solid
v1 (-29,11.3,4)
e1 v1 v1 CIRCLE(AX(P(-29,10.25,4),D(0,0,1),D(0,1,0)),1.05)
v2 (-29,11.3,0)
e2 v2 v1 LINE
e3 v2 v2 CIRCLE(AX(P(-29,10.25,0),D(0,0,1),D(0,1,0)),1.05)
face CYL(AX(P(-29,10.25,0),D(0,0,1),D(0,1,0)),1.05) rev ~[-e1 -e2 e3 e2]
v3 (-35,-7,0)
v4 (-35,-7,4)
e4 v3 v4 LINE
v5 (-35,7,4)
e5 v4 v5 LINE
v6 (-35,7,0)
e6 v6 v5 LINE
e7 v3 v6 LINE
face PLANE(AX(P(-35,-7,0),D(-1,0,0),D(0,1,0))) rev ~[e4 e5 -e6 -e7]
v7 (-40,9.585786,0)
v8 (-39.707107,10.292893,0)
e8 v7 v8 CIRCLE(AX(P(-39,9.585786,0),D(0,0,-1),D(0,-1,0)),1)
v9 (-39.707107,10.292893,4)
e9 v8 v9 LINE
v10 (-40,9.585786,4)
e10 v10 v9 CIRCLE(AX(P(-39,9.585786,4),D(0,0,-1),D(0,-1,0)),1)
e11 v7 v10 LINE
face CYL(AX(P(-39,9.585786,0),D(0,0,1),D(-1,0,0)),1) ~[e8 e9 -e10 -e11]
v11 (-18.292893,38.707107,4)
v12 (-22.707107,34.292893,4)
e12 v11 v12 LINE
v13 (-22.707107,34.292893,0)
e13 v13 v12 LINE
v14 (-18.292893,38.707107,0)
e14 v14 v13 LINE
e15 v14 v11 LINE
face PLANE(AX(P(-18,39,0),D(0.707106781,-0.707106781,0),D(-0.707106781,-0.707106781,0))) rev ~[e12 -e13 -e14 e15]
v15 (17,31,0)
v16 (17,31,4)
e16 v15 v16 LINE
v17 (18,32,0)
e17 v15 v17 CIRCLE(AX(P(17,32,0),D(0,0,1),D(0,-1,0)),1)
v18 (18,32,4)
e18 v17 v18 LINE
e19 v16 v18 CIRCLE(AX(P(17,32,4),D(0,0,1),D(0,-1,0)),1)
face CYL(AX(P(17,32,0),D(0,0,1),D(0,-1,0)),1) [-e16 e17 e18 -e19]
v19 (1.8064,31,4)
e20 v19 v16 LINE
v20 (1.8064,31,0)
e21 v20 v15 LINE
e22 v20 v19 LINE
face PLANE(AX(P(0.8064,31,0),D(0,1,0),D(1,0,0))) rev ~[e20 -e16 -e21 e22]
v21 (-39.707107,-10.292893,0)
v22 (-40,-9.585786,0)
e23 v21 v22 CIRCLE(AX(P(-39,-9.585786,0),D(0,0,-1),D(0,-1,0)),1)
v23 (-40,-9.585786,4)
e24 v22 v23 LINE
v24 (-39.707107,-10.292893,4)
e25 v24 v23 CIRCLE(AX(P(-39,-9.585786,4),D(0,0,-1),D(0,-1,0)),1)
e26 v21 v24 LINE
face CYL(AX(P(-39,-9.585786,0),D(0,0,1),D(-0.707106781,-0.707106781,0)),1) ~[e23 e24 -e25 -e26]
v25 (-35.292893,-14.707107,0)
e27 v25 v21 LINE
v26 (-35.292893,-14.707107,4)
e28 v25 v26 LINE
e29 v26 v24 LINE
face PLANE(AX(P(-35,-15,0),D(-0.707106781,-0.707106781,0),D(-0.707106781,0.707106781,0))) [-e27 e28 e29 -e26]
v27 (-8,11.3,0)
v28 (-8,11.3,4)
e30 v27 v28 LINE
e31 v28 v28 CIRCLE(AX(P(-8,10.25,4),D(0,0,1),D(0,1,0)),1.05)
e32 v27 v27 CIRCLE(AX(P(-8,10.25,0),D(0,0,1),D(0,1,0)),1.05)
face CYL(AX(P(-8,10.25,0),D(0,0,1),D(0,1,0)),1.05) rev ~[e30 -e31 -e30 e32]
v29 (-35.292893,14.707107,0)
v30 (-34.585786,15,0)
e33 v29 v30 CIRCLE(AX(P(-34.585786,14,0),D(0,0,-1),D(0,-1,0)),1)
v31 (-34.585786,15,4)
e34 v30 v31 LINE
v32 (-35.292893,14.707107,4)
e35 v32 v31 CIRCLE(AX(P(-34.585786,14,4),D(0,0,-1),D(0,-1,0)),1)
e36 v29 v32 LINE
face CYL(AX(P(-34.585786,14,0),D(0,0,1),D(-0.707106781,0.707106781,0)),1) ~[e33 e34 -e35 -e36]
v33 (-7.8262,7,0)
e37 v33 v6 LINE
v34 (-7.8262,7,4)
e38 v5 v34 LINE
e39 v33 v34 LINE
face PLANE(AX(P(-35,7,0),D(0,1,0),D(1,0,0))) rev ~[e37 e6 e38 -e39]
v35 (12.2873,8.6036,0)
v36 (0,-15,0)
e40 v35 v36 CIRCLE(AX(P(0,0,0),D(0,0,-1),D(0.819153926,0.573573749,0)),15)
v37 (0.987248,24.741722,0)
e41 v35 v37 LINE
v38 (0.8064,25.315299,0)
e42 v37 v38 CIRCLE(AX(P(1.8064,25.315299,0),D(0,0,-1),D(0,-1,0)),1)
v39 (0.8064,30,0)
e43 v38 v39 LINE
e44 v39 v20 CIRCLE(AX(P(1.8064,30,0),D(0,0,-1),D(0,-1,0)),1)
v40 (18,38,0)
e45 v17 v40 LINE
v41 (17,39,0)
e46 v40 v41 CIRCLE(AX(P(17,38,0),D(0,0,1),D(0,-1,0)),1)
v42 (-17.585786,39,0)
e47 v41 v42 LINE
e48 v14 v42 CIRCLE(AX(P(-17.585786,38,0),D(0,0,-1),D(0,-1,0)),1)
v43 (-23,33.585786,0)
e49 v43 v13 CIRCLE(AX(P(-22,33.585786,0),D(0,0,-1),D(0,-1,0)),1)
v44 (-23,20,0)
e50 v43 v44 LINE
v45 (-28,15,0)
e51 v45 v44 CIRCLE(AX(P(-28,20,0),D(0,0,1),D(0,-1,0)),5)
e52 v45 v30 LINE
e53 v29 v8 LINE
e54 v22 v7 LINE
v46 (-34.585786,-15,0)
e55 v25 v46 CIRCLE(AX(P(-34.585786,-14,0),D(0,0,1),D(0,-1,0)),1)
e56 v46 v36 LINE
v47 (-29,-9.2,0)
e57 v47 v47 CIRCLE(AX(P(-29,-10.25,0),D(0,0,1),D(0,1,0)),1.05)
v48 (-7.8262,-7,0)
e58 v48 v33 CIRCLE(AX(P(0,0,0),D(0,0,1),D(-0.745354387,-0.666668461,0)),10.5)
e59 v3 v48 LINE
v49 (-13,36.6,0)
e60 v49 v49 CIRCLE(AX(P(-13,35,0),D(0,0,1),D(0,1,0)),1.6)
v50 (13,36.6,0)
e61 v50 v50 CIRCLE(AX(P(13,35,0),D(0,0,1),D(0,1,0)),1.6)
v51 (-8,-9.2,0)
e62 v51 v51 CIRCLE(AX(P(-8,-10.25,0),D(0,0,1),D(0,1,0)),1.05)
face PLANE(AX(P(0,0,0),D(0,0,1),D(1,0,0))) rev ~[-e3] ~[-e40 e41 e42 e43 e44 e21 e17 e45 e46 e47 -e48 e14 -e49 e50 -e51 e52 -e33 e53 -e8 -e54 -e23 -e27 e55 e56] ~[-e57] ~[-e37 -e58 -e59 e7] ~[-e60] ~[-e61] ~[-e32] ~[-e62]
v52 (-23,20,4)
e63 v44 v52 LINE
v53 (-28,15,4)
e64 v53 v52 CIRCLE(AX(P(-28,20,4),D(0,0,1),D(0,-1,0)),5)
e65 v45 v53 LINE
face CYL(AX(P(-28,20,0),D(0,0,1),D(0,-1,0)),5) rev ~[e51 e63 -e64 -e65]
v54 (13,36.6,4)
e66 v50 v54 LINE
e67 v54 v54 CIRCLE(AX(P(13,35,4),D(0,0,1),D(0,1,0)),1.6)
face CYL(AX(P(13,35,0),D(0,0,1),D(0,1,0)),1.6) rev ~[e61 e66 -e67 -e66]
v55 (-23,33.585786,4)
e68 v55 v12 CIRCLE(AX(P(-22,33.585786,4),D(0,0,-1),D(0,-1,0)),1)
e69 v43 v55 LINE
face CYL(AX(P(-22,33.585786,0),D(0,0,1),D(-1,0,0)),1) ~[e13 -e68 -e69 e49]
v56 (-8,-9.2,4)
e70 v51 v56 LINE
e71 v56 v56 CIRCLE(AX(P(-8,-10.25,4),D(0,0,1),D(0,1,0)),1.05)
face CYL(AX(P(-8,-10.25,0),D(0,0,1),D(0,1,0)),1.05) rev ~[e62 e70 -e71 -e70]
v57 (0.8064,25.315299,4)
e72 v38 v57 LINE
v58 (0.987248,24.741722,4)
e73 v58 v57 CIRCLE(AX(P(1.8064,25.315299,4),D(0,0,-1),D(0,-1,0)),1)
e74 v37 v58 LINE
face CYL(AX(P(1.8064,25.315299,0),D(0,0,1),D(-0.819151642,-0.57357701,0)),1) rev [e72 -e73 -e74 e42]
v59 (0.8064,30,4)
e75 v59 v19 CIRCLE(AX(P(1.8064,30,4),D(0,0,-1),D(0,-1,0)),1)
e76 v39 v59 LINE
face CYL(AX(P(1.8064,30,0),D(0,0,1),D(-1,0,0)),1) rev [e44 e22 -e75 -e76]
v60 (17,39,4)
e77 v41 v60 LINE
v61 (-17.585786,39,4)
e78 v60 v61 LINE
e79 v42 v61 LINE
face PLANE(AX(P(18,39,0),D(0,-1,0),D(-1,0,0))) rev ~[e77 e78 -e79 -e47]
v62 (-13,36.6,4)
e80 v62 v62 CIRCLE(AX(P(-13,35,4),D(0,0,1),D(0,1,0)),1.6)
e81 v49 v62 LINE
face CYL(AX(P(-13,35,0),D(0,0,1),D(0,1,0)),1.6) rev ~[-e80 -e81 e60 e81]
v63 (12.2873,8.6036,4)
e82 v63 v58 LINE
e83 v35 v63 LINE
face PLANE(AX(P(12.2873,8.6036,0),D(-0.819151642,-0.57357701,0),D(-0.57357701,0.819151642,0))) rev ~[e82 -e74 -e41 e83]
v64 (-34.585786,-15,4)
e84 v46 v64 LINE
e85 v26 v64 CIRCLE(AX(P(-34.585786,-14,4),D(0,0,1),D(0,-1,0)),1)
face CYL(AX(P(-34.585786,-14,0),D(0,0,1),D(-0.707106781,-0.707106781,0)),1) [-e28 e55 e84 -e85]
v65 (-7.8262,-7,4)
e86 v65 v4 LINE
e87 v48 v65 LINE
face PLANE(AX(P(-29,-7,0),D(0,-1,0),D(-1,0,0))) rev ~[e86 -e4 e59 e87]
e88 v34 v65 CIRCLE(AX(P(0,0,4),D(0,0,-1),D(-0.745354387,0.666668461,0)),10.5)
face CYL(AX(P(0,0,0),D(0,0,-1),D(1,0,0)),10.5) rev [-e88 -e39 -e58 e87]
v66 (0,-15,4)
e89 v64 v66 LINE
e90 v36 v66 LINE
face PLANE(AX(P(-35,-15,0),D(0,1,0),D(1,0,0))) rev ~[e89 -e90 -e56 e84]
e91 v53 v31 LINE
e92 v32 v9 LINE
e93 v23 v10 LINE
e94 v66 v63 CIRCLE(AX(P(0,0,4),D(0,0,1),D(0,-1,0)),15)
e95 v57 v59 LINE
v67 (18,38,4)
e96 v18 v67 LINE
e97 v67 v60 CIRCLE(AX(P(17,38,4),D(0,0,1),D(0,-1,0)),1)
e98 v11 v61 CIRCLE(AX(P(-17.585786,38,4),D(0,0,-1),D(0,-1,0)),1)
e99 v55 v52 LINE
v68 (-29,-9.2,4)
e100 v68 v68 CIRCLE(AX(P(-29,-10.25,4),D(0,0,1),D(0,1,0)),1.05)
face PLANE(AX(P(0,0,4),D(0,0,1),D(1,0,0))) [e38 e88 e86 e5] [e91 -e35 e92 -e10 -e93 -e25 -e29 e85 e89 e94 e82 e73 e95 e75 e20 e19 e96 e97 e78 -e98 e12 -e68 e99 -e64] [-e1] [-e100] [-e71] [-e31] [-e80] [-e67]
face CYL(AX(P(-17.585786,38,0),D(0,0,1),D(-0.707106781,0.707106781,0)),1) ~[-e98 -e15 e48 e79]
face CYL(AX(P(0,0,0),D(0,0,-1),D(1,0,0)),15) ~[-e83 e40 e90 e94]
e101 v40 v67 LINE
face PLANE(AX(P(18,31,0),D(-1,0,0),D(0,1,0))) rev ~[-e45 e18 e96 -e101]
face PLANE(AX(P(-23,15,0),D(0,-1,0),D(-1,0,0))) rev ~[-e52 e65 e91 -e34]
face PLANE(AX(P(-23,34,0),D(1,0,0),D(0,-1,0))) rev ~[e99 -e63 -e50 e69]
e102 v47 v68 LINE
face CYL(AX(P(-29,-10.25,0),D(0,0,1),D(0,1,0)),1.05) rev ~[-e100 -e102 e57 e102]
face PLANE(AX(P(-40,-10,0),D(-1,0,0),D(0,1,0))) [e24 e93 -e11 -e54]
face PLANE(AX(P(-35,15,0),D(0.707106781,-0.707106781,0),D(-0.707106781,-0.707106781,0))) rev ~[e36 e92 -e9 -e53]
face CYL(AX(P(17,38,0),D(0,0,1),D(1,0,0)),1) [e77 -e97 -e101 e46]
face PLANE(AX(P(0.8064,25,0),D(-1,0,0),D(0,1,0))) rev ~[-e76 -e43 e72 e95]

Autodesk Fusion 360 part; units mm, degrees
sketch "スケッチ1" plane through (0, 0, 0) normal (0, 0, 1) x (1, 0, 0)
  line L0 (-35, -15) -> (0, -15)
  circle A0 centre (0, 0) radius 15
  line L1 (12.2873, 8.6036) -> (0.8064, 25)
  circle A1 centre (0, 0) radius 10.5
  line L2 (-29, 10.25) -> (-8, 10.25)
  line L3 (-8, 10.25) -> (-8, -10.25)
  line L4 (-8, -10.25) -> (-29, -10.25)
  line L5 (-29, -10.25) -> (-29, 10.25)
  line L6 (-13, 35) -> (13, 35)
  line L7 (-35, -15) -> (-40, -10)
  line L8 (-40, -10) -> (-40, 10)
  line L9 (-23, 15) -> (-35, 15)
  line L10 (-35, 15) -> (-40, 10)
  line L11 (0.8064, 25) -> (0.8064, 31)
  line L12 (0.8064, 31) -> (18, 31)
  line L13 (18, 31) -> (18, 39)
  line L14 (18, 39) -> (-18, 39)
  line L15 (-18, 39) -> (-23, 34)
  line L16 (-23, 34) -> (-23, 15)
  line L17 (-35, 7) -> (-7.8262, 7)
  line L18 (-7.8262, 7) -> (-7.8262, -7)
  line L19 (-7.8262, -7) -> (-35, -7)
  line L20 (-35, -7) -> (-35, 7)
  point P0 (-8, 0)
  point P1 (-11.5, 0)
  point P2 (-29.7, 0)
  point P3 (18, 35)
  point P4 (-7.8262, 0)
  dimension "d1" = 30
  dimension "d2" = 55
  dimension "d3" = 35
  dimension "d6" = 21
  dimension "d7" = 8
  dimension "d8" = 21
  dimension "d9" = 20.5
  dimension "d28" = 26
  dimension "d35" = 5
  dimension "d36" = 5
  dimension "d64" = 25
  dimension "d65" = 6
  dimension "d66" = 8
  dimension "d67" = 18
  dimension "d68" = 5
  dimension "d71" = 5
  dimension "d72" = 5
  dimension "d74" = 5
  dimension "d75" = 5
  dimension "d76" = 5
  dimension "d82" = 35
  dimension "d83" = 20
  dimension "d84" = 14
extrude "押し出し1" add sketch "スケッチ1" along normal blind 4 contours L0 A0 L1 L2 L4 L5 L7 L8 L9 L10 L11 L12 L13 L14 L15 L16 L17 L19 L20 | A0 A1 L2 L3 L4 L17 L19 | A0 L4 L5 L19 | A0 L3 L4 L19 | A0 L2 L3 L17 | A0 L2 L5 L17
hole "穴1" at (-8, 10.25, 0) at (-8, -10.25, 0) at (-29, -10.25, 0) at (-29, 10.25, 0) direction (0, 0, 1) diameter 2.1 depth 10 tip angle 118
hole "穴3" at (-13, 35, 0) at (13, 35, 0) direction (0, 0, 1) diameter 3.2 depth 10 tip angle 118
fillet "フィレット4" radius 1 10 edges at (-35, -15, 2) (-40, -10, 2) (-40, 10, 2) (-35, 15, 2) (-23, 34, 2) (-18, 39, 2) (18, 39, 2) (18, 31, 2) (0.8064, 25, 2) (0.8064, 31, 2)
fillet "フィレット5" radius 5 1 edges at (-23, 15, 2)
